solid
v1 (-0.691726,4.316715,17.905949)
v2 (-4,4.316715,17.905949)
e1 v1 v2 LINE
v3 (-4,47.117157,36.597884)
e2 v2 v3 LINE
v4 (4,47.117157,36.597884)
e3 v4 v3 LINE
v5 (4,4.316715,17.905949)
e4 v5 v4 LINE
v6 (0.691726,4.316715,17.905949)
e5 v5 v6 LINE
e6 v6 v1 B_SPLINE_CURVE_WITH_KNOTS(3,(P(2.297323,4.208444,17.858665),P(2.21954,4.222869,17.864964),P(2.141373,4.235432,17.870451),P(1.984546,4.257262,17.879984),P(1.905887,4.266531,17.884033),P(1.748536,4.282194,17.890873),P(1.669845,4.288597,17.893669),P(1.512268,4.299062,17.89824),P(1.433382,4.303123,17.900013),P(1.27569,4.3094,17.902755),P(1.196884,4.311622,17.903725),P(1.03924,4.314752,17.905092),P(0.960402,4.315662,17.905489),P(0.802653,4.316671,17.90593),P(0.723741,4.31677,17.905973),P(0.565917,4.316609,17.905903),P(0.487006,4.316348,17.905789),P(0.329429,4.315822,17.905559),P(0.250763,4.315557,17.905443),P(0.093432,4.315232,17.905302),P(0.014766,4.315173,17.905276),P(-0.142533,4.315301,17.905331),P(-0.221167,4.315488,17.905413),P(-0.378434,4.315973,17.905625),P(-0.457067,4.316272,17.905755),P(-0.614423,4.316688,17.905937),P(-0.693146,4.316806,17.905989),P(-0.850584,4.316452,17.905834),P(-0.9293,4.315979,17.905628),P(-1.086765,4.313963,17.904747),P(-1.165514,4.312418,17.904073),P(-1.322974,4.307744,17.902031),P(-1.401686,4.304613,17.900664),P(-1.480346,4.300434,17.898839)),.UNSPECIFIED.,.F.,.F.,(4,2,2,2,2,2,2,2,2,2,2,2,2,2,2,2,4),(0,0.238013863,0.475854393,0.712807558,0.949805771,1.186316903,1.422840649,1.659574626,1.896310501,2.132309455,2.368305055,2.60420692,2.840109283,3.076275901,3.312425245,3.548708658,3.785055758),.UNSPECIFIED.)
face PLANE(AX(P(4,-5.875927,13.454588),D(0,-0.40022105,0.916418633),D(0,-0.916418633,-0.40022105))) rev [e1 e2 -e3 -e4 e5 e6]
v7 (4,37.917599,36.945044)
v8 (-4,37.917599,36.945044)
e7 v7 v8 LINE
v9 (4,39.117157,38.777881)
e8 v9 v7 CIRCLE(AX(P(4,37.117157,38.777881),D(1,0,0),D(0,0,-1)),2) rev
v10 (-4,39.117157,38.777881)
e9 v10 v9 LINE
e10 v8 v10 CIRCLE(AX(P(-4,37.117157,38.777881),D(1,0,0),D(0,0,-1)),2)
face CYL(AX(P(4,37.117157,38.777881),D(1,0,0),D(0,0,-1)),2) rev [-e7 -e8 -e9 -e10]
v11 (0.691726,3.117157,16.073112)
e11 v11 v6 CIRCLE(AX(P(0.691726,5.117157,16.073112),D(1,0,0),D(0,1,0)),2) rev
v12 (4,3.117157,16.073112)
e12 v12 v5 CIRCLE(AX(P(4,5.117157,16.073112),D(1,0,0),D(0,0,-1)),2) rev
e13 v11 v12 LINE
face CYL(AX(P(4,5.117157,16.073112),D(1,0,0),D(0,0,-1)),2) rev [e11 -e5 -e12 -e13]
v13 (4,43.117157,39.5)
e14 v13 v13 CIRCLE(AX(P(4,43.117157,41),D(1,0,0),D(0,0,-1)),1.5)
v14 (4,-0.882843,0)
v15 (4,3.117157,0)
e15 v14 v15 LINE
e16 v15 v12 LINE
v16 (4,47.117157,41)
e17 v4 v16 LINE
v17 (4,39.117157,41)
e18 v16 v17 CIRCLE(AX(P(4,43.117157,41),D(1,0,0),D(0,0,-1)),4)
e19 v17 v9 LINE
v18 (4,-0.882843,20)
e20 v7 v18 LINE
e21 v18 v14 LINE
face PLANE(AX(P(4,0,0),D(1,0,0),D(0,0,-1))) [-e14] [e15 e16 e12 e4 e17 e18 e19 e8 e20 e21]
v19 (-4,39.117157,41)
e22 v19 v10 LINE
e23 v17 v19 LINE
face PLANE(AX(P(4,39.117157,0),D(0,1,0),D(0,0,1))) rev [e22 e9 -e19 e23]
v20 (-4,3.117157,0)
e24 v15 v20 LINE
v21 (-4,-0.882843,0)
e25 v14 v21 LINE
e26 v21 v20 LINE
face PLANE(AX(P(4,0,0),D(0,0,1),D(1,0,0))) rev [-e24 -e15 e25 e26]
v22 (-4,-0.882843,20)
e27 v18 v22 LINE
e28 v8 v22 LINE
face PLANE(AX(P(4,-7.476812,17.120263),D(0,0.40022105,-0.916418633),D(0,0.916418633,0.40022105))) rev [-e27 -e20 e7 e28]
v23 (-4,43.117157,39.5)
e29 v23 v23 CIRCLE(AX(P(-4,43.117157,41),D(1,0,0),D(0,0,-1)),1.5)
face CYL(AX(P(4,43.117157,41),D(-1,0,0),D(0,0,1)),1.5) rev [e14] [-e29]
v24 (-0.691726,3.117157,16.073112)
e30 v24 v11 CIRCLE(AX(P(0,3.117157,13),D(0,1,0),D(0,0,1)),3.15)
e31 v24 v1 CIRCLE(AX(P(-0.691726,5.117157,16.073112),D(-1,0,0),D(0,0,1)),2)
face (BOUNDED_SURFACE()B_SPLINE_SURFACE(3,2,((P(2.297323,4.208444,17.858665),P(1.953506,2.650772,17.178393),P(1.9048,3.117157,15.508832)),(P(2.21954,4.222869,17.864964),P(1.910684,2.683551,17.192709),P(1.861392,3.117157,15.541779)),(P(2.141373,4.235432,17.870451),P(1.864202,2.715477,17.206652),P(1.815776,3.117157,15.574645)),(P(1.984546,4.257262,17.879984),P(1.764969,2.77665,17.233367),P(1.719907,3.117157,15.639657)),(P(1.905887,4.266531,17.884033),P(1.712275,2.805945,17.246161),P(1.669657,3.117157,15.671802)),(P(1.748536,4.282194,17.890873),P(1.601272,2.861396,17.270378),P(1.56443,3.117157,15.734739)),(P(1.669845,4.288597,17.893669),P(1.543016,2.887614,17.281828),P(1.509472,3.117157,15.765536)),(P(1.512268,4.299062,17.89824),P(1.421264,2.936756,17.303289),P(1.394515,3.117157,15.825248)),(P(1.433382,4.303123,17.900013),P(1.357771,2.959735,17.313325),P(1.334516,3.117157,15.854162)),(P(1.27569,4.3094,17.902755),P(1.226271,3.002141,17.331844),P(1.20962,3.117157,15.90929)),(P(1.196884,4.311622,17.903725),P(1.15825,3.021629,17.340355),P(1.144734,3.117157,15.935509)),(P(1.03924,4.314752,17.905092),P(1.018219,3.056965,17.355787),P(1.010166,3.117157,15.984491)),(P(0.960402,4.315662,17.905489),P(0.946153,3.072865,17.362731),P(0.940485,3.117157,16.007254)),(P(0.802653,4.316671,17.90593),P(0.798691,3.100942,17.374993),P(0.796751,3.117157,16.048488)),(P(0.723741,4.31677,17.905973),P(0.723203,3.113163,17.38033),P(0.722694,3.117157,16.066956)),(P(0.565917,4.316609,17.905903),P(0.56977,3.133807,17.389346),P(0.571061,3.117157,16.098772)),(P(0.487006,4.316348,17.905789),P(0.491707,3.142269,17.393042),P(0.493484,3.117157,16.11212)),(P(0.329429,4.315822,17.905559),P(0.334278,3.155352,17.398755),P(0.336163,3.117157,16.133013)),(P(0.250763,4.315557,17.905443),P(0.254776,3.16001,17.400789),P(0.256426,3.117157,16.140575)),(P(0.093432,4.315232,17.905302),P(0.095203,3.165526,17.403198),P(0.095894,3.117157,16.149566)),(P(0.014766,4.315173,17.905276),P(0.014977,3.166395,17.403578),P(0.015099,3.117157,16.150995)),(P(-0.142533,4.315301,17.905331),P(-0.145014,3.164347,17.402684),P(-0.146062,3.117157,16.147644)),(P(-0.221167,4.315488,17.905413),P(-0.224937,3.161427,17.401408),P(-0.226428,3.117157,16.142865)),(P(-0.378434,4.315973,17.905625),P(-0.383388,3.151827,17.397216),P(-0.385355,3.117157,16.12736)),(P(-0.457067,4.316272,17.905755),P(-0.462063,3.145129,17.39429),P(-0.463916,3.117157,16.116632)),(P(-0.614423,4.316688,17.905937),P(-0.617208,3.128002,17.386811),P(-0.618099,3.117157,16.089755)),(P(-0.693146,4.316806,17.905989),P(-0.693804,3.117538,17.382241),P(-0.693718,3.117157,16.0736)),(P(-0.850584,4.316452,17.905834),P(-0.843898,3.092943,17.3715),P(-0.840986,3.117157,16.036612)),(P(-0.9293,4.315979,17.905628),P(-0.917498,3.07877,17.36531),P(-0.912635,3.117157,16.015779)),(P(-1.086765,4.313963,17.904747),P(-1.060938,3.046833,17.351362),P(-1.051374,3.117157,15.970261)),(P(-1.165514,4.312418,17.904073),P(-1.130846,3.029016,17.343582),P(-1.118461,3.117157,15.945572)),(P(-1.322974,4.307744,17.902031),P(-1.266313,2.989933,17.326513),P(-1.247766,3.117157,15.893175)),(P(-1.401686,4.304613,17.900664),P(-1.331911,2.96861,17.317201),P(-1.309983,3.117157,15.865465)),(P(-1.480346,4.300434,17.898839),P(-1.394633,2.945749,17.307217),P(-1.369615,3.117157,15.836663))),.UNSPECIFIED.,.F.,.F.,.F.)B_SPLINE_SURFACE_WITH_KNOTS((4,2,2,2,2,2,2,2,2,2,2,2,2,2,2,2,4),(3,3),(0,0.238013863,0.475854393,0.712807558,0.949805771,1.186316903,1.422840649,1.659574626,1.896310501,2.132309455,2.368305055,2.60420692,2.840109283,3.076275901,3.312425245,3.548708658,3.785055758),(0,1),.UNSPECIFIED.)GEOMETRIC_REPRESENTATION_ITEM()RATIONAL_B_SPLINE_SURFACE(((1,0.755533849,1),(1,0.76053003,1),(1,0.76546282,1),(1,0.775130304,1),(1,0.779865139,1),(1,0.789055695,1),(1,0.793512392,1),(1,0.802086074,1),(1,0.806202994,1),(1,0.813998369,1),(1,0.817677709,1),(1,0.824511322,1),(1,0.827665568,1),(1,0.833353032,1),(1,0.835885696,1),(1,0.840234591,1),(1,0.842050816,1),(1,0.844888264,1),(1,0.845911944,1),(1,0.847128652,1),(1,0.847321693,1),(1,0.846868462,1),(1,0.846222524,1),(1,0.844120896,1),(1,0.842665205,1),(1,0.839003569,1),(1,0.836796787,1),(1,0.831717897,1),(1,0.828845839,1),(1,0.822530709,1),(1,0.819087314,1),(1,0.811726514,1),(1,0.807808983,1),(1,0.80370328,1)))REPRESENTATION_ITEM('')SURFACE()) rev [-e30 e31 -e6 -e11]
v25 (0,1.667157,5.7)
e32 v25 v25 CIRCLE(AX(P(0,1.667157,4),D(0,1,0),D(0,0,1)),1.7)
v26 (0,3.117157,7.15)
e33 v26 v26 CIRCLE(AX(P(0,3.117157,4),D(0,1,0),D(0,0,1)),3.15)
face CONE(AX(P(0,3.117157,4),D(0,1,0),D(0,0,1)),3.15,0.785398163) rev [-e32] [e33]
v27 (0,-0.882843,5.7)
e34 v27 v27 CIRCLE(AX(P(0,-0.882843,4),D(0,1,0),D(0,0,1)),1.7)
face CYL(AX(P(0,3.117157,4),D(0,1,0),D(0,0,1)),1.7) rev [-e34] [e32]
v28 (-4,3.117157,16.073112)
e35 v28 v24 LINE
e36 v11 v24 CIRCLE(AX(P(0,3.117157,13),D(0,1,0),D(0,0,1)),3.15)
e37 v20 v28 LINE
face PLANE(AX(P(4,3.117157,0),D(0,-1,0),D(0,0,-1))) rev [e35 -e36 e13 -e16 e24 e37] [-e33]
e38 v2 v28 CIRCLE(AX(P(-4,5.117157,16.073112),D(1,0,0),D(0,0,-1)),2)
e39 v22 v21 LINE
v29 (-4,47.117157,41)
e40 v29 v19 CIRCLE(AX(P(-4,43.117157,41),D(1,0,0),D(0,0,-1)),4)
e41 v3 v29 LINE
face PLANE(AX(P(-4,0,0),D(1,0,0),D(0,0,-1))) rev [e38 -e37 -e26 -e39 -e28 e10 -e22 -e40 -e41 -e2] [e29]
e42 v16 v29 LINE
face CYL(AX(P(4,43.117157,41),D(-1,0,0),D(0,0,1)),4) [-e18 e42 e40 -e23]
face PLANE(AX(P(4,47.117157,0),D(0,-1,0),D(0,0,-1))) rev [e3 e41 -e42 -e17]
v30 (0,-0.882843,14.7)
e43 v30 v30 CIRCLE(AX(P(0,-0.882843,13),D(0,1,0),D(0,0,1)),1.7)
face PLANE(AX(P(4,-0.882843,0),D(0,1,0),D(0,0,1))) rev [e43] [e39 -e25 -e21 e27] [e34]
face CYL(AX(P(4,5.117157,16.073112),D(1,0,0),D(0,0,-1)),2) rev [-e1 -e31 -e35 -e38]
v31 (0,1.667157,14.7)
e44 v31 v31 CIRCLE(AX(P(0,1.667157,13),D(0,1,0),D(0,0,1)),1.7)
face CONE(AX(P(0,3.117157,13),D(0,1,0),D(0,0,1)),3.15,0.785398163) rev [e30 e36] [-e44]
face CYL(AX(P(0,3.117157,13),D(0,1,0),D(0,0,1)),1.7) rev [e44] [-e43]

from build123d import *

# Parameters (mm, degrees)
SKETCH1_R                                       = 1.5
BOSS_EXTRUDE1_DEPTH                             = 4
CSK_FOR_M3_FLAT_HEAD_MACHINE_SCREW1_D           = 3.4
CSK_FOR_M3_FLAT_HEAD_MACHINE_SCREW1_DEPTH       = 7.5
CSK_FOR_M3_FLAT_HEAD_MACHINE_SCREW1_CSINK_D     = 6.3
CSK_FOR_M3_FLAT_HEAD_MACHINE_SCREW1_CSINK_ANGLE = 90
CSK_FOR_M3_FLAT_HEAD_MACHINE_SCREW1_TIP         = 1.021463052
FILLET1_R                                       = 2


with BuildPart() as part:
    # Sketch1 → Boss-Extrude1 (new body, symmetric)
    with BuildSketch(Plane(origin=(0, 0, 0), x_dir=(0, 0, -1), z_dir=(1, 0, 0))):
        with BuildLine():
            Line((0, -0.882843337), (0, 0))
            Line((0, 0), (0, 3.117156663))
            Line((0, 3.117156663), (-17.3820744, 3.117156663))
            Line((-17.3820744, 3.117156663), (-36.597884255, 47.117156663))
            Line((-36.597884255, 47.117156663), (-41, 47.117156663))
            ThreePointArc((-41, 47.117156663), (-45, 43.117156663), (-41, 39.117156663))
            Line((-41, 39.117156663), (-37.46891805, 39.117156663))
            Line((-37.46891805, 39.117156663), (-20, -0.882843337))
            Line((-20, -0.882843337), (0, -0.882843337))
        make_face()
        with Locations((-41, 43.117156663)):
            Circle(SKETCH1_R, mode=Mode.SUBTRACT)
    extrude(amount=BOSS_EXTRUDE1_DEPTH, both=True)

    # CSK for M3 Flat Head Machine Screw1
    with Locations(Plane(origin=(0, 3.117156663, 0), x_dir=(1, 0, 0), z_dir=(0, 1, 0))):
        with Locations((0, -13), (0, -4)):
            CounterSinkHole(CSK_FOR_M3_FLAT_HEAD_MACHINE_SCREW1_D / 2, CSK_FOR_M3_FLAT_HEAD_MACHINE_SCREW1_CSINK_D / 2, depth=CSK_FOR_M3_FLAT_HEAD_MACHINE_SCREW1_DEPTH, counter_sink_angle=CSK_FOR_M3_FLAT_HEAD_MACHINE_SCREW1_CSINK_ANGLE)
            with Locations((0, 0, -(CSK_FOR_M3_FLAT_HEAD_MACHINE_SCREW1_DEPTH + CSK_FOR_M3_FLAT_HEAD_MACHINE_SCREW1_TIP / 2))):  # 118° drill point
                Cone(0, CSK_FOR_M3_FLAT_HEAD_MACHINE_SCREW1_D / 2, CSK_FOR_M3_FLAT_HEAD_MACHINE_SCREW1_TIP, mode=Mode.SUBTRACT)

    # Fillet1
    fillet1_edges = [part.edges().sort_by_distance(p)[0] for p in [
        (0, 3.117156663, 17.3820744),
        (0, 39.117156663, 37.46891805),
    ]]
    fillet(fillet1_edges, radius=FILLET1_R)


solid = part.part
